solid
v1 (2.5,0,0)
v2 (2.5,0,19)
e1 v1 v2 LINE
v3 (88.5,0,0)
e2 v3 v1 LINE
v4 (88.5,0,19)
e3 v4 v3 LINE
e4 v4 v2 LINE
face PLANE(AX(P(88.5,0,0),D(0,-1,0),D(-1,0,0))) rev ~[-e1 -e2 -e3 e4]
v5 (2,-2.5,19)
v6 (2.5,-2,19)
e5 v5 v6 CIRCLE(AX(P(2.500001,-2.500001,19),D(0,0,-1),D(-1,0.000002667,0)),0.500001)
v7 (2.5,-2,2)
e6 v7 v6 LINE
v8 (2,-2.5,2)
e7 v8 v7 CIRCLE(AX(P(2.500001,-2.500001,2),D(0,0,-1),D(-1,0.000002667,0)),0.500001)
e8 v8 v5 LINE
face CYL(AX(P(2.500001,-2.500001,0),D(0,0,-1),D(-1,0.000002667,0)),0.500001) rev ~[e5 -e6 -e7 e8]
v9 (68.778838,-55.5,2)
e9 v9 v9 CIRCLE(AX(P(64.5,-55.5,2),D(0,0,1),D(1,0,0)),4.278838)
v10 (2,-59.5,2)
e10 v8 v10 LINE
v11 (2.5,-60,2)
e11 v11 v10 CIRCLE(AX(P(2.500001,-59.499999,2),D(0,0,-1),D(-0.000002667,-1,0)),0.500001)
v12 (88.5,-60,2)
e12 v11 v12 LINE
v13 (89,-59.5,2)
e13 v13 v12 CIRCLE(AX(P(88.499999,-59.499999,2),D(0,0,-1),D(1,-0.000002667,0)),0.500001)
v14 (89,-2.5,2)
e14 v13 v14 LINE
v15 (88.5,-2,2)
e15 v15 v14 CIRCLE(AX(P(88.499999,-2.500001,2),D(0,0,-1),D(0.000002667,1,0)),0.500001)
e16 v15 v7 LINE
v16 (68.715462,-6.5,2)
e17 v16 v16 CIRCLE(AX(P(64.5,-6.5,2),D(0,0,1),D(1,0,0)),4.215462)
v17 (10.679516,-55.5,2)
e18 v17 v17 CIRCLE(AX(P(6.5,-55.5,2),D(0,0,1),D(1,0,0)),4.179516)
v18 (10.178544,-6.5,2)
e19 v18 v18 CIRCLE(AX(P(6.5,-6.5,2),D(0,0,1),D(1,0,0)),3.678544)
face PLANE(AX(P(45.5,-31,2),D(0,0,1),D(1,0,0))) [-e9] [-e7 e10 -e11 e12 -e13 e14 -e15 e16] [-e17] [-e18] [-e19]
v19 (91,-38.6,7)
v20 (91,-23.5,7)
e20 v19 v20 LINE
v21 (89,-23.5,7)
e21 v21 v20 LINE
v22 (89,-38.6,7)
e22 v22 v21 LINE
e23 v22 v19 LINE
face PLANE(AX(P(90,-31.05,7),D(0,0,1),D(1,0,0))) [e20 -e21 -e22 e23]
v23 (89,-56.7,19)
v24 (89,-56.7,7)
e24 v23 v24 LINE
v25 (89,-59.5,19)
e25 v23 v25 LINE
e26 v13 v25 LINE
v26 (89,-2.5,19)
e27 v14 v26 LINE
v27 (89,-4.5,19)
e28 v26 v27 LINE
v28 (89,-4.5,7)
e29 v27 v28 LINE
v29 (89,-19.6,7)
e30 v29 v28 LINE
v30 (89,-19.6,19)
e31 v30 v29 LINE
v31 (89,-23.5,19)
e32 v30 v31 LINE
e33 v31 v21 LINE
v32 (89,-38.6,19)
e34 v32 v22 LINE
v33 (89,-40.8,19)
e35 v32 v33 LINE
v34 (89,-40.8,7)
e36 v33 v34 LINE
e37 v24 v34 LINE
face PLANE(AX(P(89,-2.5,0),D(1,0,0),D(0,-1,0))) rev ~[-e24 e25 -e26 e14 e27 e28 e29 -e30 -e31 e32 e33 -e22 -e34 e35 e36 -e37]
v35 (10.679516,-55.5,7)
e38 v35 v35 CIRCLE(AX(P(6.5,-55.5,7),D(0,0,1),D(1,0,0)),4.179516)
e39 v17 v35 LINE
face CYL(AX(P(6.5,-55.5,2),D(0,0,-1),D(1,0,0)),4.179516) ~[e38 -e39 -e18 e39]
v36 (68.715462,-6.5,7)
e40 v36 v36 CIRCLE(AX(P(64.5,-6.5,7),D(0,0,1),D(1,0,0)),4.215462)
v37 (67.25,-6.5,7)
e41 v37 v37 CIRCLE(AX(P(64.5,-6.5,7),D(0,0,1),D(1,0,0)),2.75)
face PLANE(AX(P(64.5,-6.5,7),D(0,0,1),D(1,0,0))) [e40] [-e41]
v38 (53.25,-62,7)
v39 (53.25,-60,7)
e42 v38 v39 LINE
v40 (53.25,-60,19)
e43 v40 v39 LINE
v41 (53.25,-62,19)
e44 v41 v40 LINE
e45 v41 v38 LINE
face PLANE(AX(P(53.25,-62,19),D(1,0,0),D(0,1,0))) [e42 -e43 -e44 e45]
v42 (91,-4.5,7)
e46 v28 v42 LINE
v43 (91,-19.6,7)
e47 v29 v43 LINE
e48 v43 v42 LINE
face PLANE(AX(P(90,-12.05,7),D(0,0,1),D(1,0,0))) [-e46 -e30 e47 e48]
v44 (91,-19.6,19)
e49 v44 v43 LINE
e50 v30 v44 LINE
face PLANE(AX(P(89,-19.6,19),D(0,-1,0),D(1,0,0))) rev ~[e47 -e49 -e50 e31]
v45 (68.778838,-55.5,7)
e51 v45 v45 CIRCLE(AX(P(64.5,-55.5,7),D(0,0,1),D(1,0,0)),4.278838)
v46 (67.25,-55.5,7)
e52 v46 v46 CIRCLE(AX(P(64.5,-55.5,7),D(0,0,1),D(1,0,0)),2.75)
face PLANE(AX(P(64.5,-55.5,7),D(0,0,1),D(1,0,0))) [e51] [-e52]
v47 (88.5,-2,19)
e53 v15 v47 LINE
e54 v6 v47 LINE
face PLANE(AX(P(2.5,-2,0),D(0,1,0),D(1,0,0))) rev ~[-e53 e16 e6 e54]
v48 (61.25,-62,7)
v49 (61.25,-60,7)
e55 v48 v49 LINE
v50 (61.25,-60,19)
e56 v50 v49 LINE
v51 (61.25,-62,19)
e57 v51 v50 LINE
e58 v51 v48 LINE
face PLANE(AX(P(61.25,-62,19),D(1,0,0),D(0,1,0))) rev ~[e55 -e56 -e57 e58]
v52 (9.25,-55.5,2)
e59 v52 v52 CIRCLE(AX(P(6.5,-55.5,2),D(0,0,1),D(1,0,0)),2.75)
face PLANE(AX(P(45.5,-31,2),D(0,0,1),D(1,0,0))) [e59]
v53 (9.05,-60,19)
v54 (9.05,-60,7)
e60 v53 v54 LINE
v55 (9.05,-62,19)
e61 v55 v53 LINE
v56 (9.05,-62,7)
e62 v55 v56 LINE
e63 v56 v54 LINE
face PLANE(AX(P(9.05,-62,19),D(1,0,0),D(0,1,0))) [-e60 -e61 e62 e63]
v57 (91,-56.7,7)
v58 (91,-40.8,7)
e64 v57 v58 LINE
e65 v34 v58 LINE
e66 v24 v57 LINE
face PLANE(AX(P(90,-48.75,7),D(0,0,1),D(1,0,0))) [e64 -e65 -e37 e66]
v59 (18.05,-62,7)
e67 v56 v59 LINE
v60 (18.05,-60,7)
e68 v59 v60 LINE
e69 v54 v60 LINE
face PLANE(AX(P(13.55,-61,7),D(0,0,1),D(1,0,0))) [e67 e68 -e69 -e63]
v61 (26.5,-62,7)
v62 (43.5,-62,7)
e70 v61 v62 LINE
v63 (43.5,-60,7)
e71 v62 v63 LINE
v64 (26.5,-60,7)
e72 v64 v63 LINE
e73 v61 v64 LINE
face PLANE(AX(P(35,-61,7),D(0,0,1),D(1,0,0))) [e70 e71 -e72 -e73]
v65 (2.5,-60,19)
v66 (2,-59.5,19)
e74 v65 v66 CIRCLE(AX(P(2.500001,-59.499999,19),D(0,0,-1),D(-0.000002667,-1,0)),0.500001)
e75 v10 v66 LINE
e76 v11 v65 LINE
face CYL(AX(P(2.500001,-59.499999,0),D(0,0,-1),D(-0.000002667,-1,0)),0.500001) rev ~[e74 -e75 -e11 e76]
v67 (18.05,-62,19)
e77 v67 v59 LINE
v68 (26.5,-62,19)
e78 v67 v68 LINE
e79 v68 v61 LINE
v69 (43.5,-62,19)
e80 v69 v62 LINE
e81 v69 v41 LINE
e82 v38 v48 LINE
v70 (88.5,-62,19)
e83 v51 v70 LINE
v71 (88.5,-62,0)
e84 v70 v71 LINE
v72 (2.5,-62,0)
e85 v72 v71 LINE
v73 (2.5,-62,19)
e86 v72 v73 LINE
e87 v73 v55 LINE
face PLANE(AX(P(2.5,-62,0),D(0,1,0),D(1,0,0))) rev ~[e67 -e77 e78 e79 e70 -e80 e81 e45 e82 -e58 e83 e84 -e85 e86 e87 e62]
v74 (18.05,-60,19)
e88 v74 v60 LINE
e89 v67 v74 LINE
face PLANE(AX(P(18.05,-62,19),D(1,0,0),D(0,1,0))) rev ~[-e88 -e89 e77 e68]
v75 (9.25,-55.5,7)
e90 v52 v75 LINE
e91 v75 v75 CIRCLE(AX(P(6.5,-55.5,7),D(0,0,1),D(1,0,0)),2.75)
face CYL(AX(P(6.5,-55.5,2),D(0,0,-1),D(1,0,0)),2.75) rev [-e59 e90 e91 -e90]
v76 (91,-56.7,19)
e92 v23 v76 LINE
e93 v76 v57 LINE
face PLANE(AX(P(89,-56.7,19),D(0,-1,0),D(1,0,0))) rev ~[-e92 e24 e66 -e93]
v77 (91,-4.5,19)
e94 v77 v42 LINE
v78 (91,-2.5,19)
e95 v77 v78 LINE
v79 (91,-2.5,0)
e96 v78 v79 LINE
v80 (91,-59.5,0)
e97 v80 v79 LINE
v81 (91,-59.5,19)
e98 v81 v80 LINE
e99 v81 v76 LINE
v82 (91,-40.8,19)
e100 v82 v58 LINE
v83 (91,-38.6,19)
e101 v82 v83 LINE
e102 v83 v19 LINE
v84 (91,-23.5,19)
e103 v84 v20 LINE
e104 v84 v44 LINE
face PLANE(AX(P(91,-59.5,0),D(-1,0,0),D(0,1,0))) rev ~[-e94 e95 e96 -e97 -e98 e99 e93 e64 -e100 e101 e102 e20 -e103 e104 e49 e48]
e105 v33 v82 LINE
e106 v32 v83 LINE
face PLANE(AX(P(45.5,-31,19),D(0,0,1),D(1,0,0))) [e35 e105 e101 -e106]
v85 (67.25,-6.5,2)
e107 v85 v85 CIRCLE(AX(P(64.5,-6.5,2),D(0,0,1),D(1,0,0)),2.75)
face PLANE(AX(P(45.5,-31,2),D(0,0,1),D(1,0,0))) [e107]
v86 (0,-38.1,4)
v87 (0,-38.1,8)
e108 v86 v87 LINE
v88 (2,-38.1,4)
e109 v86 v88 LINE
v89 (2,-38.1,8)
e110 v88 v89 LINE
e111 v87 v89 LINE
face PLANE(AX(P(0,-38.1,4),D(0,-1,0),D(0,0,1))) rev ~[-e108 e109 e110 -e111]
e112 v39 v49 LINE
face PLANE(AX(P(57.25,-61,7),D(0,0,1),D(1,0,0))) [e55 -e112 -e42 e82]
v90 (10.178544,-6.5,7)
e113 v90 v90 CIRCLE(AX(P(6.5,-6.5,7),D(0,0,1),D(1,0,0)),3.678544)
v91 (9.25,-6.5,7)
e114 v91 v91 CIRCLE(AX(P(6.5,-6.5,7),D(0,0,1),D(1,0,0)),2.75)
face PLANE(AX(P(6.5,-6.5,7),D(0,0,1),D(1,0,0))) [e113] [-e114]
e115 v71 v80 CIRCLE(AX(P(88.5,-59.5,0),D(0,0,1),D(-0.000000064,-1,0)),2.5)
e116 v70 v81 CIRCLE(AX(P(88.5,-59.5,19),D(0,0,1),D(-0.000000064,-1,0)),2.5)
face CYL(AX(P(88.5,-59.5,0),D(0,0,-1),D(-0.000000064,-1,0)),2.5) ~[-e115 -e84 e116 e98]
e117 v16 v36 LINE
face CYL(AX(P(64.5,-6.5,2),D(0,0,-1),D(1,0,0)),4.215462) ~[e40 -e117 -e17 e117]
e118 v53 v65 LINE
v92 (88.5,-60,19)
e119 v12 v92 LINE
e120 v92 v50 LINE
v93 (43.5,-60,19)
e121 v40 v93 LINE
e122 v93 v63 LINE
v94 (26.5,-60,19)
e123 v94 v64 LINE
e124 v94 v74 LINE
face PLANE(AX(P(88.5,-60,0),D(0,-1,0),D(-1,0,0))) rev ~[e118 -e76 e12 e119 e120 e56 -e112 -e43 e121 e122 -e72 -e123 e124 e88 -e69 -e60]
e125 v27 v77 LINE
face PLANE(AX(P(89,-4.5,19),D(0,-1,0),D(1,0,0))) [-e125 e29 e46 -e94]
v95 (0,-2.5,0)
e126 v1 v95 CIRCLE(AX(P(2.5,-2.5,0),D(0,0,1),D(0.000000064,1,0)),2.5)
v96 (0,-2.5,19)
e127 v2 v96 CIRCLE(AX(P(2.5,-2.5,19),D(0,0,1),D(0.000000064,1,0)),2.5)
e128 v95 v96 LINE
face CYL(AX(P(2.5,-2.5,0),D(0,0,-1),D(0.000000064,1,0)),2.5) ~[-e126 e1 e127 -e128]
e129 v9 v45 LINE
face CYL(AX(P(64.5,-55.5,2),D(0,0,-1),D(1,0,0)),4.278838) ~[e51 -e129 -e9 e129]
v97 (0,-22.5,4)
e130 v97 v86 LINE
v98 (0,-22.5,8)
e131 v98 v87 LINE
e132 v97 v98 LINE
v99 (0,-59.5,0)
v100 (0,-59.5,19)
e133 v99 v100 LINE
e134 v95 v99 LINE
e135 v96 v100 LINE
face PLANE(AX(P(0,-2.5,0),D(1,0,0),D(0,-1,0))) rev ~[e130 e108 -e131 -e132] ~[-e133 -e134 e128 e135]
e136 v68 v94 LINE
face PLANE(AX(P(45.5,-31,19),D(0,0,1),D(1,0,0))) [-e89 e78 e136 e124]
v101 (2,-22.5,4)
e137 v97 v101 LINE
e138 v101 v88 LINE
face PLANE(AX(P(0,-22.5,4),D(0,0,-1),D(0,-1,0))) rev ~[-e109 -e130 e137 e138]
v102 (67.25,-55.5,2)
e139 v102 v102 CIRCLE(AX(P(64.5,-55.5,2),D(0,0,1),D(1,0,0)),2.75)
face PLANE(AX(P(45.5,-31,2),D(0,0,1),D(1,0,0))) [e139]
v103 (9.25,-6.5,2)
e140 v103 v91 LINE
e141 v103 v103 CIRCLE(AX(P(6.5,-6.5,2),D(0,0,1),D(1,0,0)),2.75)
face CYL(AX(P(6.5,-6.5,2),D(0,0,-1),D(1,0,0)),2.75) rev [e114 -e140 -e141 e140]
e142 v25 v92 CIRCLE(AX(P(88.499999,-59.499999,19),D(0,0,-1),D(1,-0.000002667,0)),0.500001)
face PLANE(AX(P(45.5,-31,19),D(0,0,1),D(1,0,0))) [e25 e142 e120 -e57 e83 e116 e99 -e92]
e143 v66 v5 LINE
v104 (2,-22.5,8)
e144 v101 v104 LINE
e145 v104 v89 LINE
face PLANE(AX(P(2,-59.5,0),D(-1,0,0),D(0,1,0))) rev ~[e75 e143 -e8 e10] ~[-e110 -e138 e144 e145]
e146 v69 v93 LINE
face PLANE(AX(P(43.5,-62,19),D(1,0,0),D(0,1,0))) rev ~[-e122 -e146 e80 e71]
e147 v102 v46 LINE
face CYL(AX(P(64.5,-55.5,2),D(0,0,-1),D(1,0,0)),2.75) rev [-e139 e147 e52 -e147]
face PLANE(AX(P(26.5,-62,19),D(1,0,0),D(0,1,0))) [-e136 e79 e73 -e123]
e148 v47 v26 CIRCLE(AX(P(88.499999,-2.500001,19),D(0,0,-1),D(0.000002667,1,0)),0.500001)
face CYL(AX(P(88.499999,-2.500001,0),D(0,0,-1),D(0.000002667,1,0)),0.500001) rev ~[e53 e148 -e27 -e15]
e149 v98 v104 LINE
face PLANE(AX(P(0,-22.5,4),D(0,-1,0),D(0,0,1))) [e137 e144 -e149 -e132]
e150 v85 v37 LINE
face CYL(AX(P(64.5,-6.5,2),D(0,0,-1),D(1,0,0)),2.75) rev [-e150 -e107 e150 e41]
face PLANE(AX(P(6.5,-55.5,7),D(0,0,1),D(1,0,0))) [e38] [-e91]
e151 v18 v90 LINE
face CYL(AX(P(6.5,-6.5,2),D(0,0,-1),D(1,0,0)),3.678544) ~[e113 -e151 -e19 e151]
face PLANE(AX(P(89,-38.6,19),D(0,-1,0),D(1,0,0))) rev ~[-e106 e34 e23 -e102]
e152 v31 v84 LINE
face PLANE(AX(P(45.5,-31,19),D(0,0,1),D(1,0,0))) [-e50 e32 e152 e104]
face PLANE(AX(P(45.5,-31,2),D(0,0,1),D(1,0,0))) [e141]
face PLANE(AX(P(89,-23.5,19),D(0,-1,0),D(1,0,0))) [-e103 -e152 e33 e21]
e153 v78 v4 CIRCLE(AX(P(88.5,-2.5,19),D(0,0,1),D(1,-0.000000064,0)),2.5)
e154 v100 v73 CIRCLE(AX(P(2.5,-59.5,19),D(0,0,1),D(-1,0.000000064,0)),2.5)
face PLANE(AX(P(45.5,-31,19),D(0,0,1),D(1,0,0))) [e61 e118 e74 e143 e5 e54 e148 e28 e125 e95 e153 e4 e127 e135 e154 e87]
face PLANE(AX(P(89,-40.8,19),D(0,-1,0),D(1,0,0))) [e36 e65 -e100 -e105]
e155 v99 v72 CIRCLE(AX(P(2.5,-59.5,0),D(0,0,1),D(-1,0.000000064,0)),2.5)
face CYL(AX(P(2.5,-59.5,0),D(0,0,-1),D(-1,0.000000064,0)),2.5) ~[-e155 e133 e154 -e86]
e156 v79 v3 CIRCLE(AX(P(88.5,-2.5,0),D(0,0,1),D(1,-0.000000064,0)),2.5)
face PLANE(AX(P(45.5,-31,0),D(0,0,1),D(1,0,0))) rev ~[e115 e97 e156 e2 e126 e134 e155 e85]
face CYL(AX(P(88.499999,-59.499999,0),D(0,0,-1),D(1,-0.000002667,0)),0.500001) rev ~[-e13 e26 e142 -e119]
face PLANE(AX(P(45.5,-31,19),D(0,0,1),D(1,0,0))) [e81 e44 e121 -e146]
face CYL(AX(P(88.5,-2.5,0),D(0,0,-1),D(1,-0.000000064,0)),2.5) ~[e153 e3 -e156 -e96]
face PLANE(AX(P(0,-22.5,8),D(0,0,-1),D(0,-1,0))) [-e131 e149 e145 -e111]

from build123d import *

# Parameters (mm, degrees)
F1_DEPTH = 2
F2_DEPTH = 19
F3_R     = 3.678544
F3_R_2   = 2.75
F3_R_3   = 4.215462
F3_R_4   = 4.179516
F3_R_5   = 4.278838
F4_DEPTH = 5
F5_W     = 2
F5_H     = 15.1
F5_H_2   = 15.9
F5_W_2   = 9
F5_H_3   = 2
F5_W_3   = 17
F5_W_4   = 8
F6_DEPTH = 12
F7_W     = 15.6
F7_H     = 4
F8_DEPTH = 2


with BuildPart() as f1:
    # F0 (on Top) → F1 (new body)
    with BuildSketch(Plane.XY):
        with BuildLine():
            Line((88.5, 0), (2.5, 0))
            ThreePointArc((2.5, 0), (0.732233, -0.732233), (0, -2.5))
            Line((0, -2.5), (0, -59.5))
            ThreePointArc((0, -59.5), (0.732233, -61.267767), (2.5, -62))
            Line((2.5, -62), (88.5, -62))
            ThreePointArc((88.5, -62), (90.267767, -61.267767), (91, -59.5))
            Line((91, -59.5), (91, -2.5))
            ThreePointArc((91, -2.5), (90.267767, -0.732233), (88.5, 0))
        make_face()
        with BuildLine():
            ThreePointArc((2, -2.5), (2.146447, -2.146447), (2.5, -2))
            Line((2.5, -2), (88.5, -2))
            ThreePointArc((88.5, -2), (88.853553, -2.146447), (89, -2.5))
            Line((89, -2.5), (89, -59.5))
            ThreePointArc((89, -59.5), (88.853553, -59.853553), (88.5, -60))
            Line((88.5, -60), (2.5, -60))
            ThreePointArc((2.5, -60), (2.146447, -59.853553), (2, -59.5))
            Line((2, -59.5), (2, -2.5))
        make_face(mode=Mode.SUBTRACT)
        with BuildLine():
            Line((88.5, -2), (2.5, -2))
            ThreePointArc((2.5, -2), (2.146447, -2.146447), (2, -2.5))
            Line((2, -2.5), (2, -59.5))
            ThreePointArc((2, -59.5), (2.146447, -59.853553), (2.5, -60))
            Line((2.5, -60), (88.5, -60))
            ThreePointArc((88.5, -60), (88.853553, -59.853553), (89, -59.5))
            Line((89, -59.5), (89, -2.5))
            ThreePointArc((89, -2.5), (88.853553, -2.146447), (88.5, -2))
        make_face()
    extrude(amount=F1_DEPTH)

    # F0 (on Top) → F2 (join)
    with BuildSketch(Plane.XY):
        with BuildLine():
            Line((88.5, 0), (2.5, 0))
            ThreePointArc((2.5, 0), (0.732233, -0.732233), (0, -2.5))
            Line((0, -2.5), (0, -59.5))
            ThreePointArc((0, -59.5), (0.732233, -61.267767), (2.5, -62))
            Line((2.5, -62), (88.5, -62))
            ThreePointArc((88.5, -62), (90.267767, -61.267767), (91, -59.5))
            Line((91, -59.5), (91, -2.5))
            ThreePointArc((91, -2.5), (90.267767, -0.732233), (88.5, 0))
        make_face()
        with BuildLine():
            ThreePointArc((2, -2.5), (2.146447, -2.146447), (2.5, -2))
            Line((2.5, -2), (88.5, -2))
            ThreePointArc((88.5, -2), (88.853553, -2.146447), (89, -2.5))
            Line((89, -2.5), (89, -59.5))
            ThreePointArc((89, -59.5), (88.853553, -59.853553), (88.5, -60))
            Line((88.5, -60), (2.5, -60))
            ThreePointArc((2.5, -60), (2.146447, -59.853553), (2, -59.5))
            Line((2, -59.5), (2, -2.5))
        make_face(mode=Mode.SUBTRACT)
    extrude(amount=F2_DEPTH)

    # F3 (on face) → F4 (join)
    with BuildSketch(Plane.XY.offset(2)):
        with Locations((6.5, -6.5)):
            Circle(F3_R)
        with Locations((6.5, -6.5)):
            Circle(F3_R_2, mode=Mode.SUBTRACT)
        with Locations((64.5, -6.5)):
            Circle(F3_R_3)
        with Locations((64.5, -6.5)):
            Circle(F3_R_2, mode=Mode.SUBTRACT)
        with Locations((6.5, -55.5)):
            Circle(F3_R_4)
        with Locations((6.5, -55.5)):
            Circle(F3_R_2, mode=Mode.SUBTRACT)
        with Locations((64.5, -55.5)):
            Circle(F3_R_5)
        with Locations((64.5, -55.5)):
            Circle(F3_R_2, mode=Mode.SUBTRACT)
    extrude(amount=F4_DEPTH)

    # F5 (on face) → F6 (cut)
    with BuildSketch(Plane.XY.offset(19)):
        with Locations((90, -12.05)):
            Rectangle(F5_W, F5_H)
        with Locations((90, -31.05)):
            Rectangle(F5_W, F5_H)
        with Locations((90, -48.75)):
            Rectangle(F5_W, F5_H_2)
        with Locations((13.55, -61)):
            Rectangle(F5_W_2, F5_H_3)
        with Locations((35, -61)):
            Rectangle(F5_W_3, F5_H_3)
        with Locations((57.25, -61)):
            Rectangle(F5_W_4, F5_H_3)
    extrude(amount=-F6_DEPTH, mode=Mode.SUBTRACT)

    # F7 (on face) → F8 (cut)
    with BuildSketch(Plane(origin=(0, 0, 0), x_dir=(0, -1, 0), z_dir=(-1, 0, 0))):
        with Locations((30.3, 6)):
            Rectangle(F7_W, F7_H)
    extrude(amount=-F8_DEPTH, mode=Mode.SUBTRACT)


solid = f1.part
